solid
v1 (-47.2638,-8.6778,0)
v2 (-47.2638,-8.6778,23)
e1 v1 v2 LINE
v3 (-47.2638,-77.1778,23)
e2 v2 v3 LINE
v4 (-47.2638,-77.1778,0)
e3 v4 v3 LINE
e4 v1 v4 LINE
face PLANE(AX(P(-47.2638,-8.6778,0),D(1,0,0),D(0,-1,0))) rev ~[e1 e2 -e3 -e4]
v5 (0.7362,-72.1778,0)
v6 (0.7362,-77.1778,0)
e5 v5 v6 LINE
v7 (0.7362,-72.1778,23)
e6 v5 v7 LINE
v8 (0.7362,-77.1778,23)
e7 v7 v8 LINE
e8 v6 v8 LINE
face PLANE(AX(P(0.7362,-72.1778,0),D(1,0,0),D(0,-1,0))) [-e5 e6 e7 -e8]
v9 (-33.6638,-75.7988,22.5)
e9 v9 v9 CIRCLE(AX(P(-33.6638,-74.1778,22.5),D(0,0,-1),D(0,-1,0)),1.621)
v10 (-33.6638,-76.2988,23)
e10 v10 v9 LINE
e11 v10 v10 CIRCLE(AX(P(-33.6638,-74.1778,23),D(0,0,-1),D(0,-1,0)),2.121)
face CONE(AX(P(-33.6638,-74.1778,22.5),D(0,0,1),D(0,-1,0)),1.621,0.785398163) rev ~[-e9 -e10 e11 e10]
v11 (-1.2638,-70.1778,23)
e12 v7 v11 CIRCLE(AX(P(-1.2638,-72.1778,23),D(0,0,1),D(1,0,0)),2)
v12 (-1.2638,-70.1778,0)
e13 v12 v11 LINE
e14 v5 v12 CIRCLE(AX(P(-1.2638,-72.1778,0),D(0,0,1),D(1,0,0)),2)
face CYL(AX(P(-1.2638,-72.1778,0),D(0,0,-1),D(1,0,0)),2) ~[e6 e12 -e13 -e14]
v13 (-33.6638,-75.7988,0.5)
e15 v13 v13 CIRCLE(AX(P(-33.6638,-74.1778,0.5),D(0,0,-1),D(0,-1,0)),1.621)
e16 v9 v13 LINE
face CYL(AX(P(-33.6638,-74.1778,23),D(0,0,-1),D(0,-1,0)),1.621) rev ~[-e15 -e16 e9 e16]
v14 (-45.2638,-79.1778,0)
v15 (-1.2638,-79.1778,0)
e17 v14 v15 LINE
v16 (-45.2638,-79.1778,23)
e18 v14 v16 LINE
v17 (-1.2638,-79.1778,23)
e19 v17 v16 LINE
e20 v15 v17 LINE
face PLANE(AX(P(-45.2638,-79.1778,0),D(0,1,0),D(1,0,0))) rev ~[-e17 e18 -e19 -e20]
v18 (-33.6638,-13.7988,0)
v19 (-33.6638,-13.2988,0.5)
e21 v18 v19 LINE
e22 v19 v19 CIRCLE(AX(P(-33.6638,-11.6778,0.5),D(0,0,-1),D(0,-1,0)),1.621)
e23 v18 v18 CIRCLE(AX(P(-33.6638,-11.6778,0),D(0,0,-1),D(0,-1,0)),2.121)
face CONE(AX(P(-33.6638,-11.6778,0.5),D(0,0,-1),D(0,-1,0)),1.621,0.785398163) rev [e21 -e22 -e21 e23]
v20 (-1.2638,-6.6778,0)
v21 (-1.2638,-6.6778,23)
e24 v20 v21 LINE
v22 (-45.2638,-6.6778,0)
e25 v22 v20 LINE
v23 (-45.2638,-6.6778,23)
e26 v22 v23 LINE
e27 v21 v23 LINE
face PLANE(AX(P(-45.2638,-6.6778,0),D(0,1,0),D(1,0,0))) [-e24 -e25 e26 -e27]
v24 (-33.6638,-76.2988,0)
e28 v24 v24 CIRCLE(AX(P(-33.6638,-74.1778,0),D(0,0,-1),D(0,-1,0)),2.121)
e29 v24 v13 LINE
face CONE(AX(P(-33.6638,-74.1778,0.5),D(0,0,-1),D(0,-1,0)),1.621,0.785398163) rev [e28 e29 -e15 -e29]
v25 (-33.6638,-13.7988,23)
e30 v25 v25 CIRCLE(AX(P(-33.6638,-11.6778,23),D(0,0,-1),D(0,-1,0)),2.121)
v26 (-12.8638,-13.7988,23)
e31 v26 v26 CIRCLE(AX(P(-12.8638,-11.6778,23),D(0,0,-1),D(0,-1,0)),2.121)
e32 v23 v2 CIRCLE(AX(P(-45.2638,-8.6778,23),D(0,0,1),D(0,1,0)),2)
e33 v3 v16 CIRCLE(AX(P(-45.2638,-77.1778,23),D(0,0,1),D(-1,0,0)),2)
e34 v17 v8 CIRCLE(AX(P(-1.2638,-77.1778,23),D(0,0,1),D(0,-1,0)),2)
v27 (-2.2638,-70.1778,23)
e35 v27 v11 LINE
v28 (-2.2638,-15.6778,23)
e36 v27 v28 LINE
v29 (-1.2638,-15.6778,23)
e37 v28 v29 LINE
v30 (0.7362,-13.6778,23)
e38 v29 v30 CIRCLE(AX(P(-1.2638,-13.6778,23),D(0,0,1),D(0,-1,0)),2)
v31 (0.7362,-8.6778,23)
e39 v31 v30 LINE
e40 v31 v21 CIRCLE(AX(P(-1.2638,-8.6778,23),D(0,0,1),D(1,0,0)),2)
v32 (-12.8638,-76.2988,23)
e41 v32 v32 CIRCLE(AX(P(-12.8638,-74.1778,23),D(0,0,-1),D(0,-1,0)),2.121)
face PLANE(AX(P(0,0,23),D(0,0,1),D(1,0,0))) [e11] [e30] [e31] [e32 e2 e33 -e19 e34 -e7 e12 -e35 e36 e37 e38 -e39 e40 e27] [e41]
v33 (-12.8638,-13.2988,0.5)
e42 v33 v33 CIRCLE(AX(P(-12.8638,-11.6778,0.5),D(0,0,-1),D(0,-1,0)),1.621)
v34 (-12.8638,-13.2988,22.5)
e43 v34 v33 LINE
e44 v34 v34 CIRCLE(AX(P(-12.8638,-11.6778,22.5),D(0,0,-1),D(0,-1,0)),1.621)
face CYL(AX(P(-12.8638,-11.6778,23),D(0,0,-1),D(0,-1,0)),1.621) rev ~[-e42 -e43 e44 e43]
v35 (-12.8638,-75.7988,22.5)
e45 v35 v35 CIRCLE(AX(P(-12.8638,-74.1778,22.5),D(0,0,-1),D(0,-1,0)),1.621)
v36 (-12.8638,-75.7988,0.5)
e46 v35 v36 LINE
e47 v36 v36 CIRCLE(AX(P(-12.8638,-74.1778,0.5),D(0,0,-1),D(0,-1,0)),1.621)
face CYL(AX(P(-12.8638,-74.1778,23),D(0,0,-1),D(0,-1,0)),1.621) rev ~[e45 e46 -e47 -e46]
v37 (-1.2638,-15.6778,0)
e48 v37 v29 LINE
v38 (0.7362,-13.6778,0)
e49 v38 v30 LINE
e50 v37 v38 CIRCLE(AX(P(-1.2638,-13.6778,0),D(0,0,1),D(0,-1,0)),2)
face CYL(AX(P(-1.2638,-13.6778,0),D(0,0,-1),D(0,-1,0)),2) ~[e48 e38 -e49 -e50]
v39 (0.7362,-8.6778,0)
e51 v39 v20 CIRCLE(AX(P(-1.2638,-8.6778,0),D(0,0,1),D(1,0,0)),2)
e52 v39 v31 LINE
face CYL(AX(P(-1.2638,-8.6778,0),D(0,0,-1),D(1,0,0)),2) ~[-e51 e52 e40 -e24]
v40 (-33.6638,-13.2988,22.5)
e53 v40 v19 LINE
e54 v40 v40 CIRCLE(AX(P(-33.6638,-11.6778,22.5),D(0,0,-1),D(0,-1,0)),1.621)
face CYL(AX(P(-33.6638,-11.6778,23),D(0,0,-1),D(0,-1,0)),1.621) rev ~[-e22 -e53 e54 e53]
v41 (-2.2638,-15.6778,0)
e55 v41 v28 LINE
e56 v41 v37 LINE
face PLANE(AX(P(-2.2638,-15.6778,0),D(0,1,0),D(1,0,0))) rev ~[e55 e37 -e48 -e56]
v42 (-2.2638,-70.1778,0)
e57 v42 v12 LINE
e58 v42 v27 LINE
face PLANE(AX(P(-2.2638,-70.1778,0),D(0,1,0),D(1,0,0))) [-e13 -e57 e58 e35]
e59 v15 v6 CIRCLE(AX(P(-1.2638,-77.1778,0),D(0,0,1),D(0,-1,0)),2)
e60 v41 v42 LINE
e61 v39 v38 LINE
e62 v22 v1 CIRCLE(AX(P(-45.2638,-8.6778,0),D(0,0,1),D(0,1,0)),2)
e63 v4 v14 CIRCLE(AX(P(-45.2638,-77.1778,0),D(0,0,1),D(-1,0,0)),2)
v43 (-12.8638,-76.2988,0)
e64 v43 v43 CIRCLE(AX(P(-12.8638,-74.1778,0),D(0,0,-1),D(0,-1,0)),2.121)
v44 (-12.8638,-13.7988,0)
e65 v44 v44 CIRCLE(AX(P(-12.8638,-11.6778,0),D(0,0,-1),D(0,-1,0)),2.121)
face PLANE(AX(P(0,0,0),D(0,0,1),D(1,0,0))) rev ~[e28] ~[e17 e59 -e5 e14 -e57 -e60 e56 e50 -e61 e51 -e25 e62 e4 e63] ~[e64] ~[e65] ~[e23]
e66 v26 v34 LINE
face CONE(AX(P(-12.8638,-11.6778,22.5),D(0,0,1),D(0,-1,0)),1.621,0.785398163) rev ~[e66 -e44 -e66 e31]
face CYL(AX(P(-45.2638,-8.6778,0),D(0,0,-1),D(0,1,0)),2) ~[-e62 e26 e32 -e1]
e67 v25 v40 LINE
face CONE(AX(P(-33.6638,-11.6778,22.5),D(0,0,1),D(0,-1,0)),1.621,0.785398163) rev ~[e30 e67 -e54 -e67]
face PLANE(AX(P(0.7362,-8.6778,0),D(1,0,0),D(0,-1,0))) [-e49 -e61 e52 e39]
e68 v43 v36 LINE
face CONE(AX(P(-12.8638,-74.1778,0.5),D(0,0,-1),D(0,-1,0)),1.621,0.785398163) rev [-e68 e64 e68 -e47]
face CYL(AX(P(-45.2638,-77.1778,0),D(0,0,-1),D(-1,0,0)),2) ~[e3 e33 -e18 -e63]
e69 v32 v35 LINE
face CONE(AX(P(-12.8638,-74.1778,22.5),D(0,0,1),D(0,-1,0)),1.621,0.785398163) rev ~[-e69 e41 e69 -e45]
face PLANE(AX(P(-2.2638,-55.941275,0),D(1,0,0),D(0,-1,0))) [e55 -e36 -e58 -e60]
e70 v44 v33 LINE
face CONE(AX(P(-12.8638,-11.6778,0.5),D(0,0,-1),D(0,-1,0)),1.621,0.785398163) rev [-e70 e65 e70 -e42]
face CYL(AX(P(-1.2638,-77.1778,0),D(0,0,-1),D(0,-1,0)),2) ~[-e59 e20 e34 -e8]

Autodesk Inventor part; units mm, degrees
ref_plane "YZ Plane" through (0, 0, 0) normal (1, 0, 0) x (0, 1, 0)
ref_plane "XZ Plane" through (0, 0, 0) normal (0, 1, 0) x (-1, 0, 0)
ref_plane "Work Plane1" through (0, 0, 0) normal (0, 0, 1) x (1, 0, 0)
sketch "Sketch1" plane through (0, 0, 0) normal (0, 0, 1) x (1, 0, 0)
  line L0 (-42.2638, -6.6778) -> (-4.2638, -6.6778) projected
  line L1 (-44.2638, -77.1778) -> (-44.2638, -8.6778) projected
  line L2 (-4.2638, -79.1778) -> (-42.2638, -79.1778) projected
  line L3 (-2.2638, -8.6778) -> (-2.2638, -77.1778) projected
  circle A0 centre (-23.2638, -42.9278) radius 12.6 projected
  circle A1 centre (-7.2638, -42.9278) radius 2 projected
  circle A2 centre (-23.2638, -58.9278) radius 2 projected
  circle A3 centre (-11.9501, -54.2415) radius 1.5 projected
  circle A4 centre (-34.5775, -54.2415) radius 1.5 projected
  circle A5 centre (-11.9501, -31.6141) radius 1.5 projected
  circle A6 centre (-23.2638, -26.9278) radius 2 projected
  circle A7 centre (-34.5775, -31.6141) radius 1.5 projected
  circle A8 centre (-39.2638, -42.9278) radius 2 projected
  arc A9 (-38.6638, -72.0778) -> (-38.6638, -76.2778) centre (-38.6638, -74.1778) ccw projected
  line L4 (-7.8638, -72.0778) -> (-38.6638, -72.0778) projected
  arc A10 (-7.8638, -76.2778) -> (-7.8638, -72.0778) centre (-7.8638, -74.1778) ccw projected
  line L5 (-38.6638, -76.2778) -> (-7.8638, -76.2778) projected
  arc A11 (-7.8638, -13.7778) -> (-7.8638, -9.5778) centre (-7.8638, -11.6778) ccw projected
  line L6 (-38.6638, -13.7778) -> (-7.8638, -13.7778) projected
  arc A12 (-38.6638, -9.5778) -> (-38.6638, -13.7778) centre (-38.6638, -11.6778) ccw projected
  line L7 (-7.8638, -9.5778) -> (-38.6638, -9.5778) projected
  line L8 (30.6247, -21.3479) -> (-25.1038, -35.8635) projected
  arc A13 (-25.1038, -35.8635) -> (-25.1038, -49.9921) centre (-23.2638, -42.9278) ccw projected
  line L9 (-25.1038, -49.9921) -> (30.6247, -64.5078) projected
  arc A14 (30.6247, -64.5078) -> (30.6247, -21.3479) centre (36.2457, -42.9278) ccw projected
  arc A15 (-24.9022, -36.6377) -> (-24.9022, -49.2179) centre (-23.2638, -42.9278) ccw projected
  line L10 (30.8264, -22.122) -> (-24.9022, -36.6377) projected
  arc A16 (30.8264, -63.7336) -> (30.8264, -22.122) centre (36.2457, -42.9278) ccw projected
  line L11 (-24.9022, -49.2179) -> (30.8264, -63.7336) projected
  line L12 (-44.2638, -15.6778) -> (-2.2638, -15.6778)
  line L13 (-2.2638, -70.1778) -> (-44.2638, -70.1778)
  line L14 (-35.2638, -68.1778) -> (-35.2638, -17.6778)
  line L15 (-47.2638, -8.6778) -> (-47.2638, -77.1778)
  line L16 (-45.2638, -6.6778) -> (-4.2638, -6.6778)
  line L17 (-45.2638, -79.1778) -> (-4.2638, -79.1778)
  arc A17 (-45.2638, -6.6778) -> (-47.2638, -8.6778) centre (-45.2638, -8.6778) ccw
  arc A18 (-47.2638, -77.1778) -> (-45.2638, -79.1778) centre (-45.2638, -77.1778) ccw
  arc A19 (-33.2638, -15.6778) -> (-35.2638, -17.6778) centre (-33.2638, -17.6778) ccw
  arc A20 (-35.2638, -68.1778) -> (-33.2638, -70.1778) centre (-33.2638, -68.1778) ccw
  line L18 (0.7362, -72.1778) -> (0.7362, -77.1778)
  line L19 (0.7362, -8.6778) -> (0.7362, -13.6778)
  line L20 (-2.2638, -15.6778) -> (-1.2638, -15.6778)
  line L21 (-4.2638, -6.6778) -> (-1.2638, -6.6778)
  line L22 (-2.2638, -70.1778) -> (-1.2638, -70.1778)
  line L23 (-4.2638, -79.1778) -> (-1.2638, -79.1778)
  arc A21 (0.7362, -8.6778) -> (-1.2638, -6.6778) centre (-1.2638, -8.6778) ccw
  arc A22 (-1.2638, -15.6778) -> (0.7362, -13.6778) centre (-1.2638, -13.6778) ccw
  arc A23 (0.7362, -72.1778) -> (-1.2638, -70.1778) centre (-1.2638, -72.1778) ccw
  arc A24 (-1.2638, -79.1778) -> (0.7362, -77.1778) centre (-1.2638, -77.1778) ccw
  line L24 (-44.2638, -70.1778) -> (-44.2638, -15.6778)
  arc A25 (-2.2638, -8.6778) -> (-4.2638, -6.6778) centre (-4.2638, -8.6778) ccw projected
  arc A26 (-42.2638, -6.6778) -> (-44.2638, -8.6778) centre (-42.2638, -8.6778) ccw projected
  arc A27 (-44.2638, -77.1778) -> (-42.2638, -79.1778) centre (-42.2638, -77.1778) ccw projected
  arc A28 (-4.2638, -79.1778) -> (-2.2638, -77.1778) centre (-4.2638, -77.1778) ccw projected
  point P0 (0, 0)
  point P1 (-35.2638, -15.6778)
  point P2 (-35.2638, -70.1778)
  point P3 (-12.8638, -11.6778)
  point P4 (-33.6638, -11.6778)
  point P5 (-33.6638, -74.1778)
  point P6 (-12.8638, -74.1778)
  point P7 (-35.2638, -55.5753)
  point P8 (-35.2638, -52.9077)
  point P9 (-35.2638, -46.7697)
  point P10 (-35.2638, -39.0859)
  point P11 (-35.2638, -32.9479)
  point P12 (-35.2638, -30.2803)
  point P13 (-47.2638, -6.6778)
  point P14 (-47.2638, -79.1778)
  point P15 (0.7362, -70.1778)
  point P16 (0.7362, -79.1778)
  point P17 (0.7362, -6.6778)
  point P18 (0.7362, -15.6778)
  point P19 (-42.2638, -6.6778)
  dimension "d0" = 9
  dimension "d1" = 9
  dimension "d2" = 9
  dimension "d3" = 5
  dimension "d4" = 5
  dimension "d5" = 5
  dimension "d6" = 5
  dimension "d9" = 3
  dimension "d12" = 3
  dimension "d13" = 3
extrude "Extrusion1" add sketch "Sketch1" along normal blind 23 contours A26 L1 A27 L17 A18 L15 A17 L16 | L0 A25 L3 L12 L1 A26 | L21 A21 L19 A22 L20 L3 A25 | L12 A19 L14 A7 A0 A4 A20 L13 L1 | L3 L8 A5 A0 L14 A7 A19 L12 | L13 L3 A28 L2 A27 L1 | L3 L10 A0 L8 A5 | A20 L14 A4 A0 L9 A3 L3 L13 | L3 L11 A0 L10 | L8 A5 | A5 L8 | L22 A23 L18 A24 L23 A28 L3 | L14 A7 | A7 L14 | L3 L9 A3 A0 L11 | L10 A15 L11 A0 L9 A13 L8 | A0 L11 A15 L10 | L14 A4 | A4 L14 | L8 A13 L9 A0 L14 | L9 A3 | A3 L9 | L14 A0 | A1 | A2 | A6 | A8 | L4 A10 L5 A9 | L6 A12 L7 A11
sketch "Sketch2" plane through (0, 0, 23) normal (0, 0, 1) x (1, 0, 0)
  arc A0 (-1.2638, -15.6778) -> (0.7362, -13.6778) centre (-1.2638, -13.6778) ccw projected
  line L0 (0.7362, -13.6778) -> (0.7362, -8.6778) projected
  arc A1 (0.7362, -8.6778) -> (-1.2638, -6.6778) centre (-1.2638, -8.6778) ccw projected
  arc A2 (-45.2638, -6.6778) -> (-47.2638, -8.6778) centre (-45.2638, -8.6778) ccw projected
  line L1 (-47.2638, -8.6778) -> (-47.2638, -77.1778) projected
  arc A3 (-47.2638, -77.1778) -> (-45.2638, -79.1778) centre (-45.2638, -77.1778) ccw projected
  arc A4 (-1.2638, -79.1778) -> (0.7362, -77.1778) centre (-1.2638, -77.1778) ccw projected
  line L2 (0.7362, -77.1778) -> (0.7362, -72.1778) projected
  arc A5 (0.7362, -72.1778) -> (-1.2638, -70.1778) centre (-1.2638, -72.1778) ccw projected
  line L3 (-1.2638, -70.1778) -> (-2.2638, -70.1778) projected
  line L4 (-2.2638, -15.6778) -> (-1.2638, -15.6778) projected
  line L5 (-2.2638, -70.1778) -> (-2.2638, -15.6778) projected
  line L6 (-1.2638, -6.6778) -> (-45.2638, -6.6778) projected
  line L7 (-45.2638, -79.1778) -> (-1.2638, -79.1778) projected
  point P0 (0, 0)
  point P1 (-12.8638, -11.6778)
  point P2 (-33.6638, -11.6778)
  point P3 (-33.6638, -74.1778)
  point P4 (-12.8638, -74.1778)
hole "Hole1" at (-12.8638, -11.6778, 23) at (-33.6638, -11.6778, 23) at (-33.6638, -74.1778, 23) at (-12.8638, -74.1778, 23) direction (0, 0, -1) diameter 3.242 end through all thread size "M4x0.7" class "6H" standard "ISO Metric profile"
chamfer "Chamfer1" distance 0.5 angle 45 8 edges at (-33.6638, -72.5568, 23) (-12.8638, -72.5568, 23) (-33.6638, -10.0568, 23) (-12.8638, -10.0568, 23) (-33.6638, -72.5568, 0) (-12.8638, -72.5568, 0) (-33.6638, -10.0568, 0) (-12.8638, -10.0568, 0)
equation "\"d1\" = d2"
equation "\"d2\" = d0"
equation "\"d4\" = d3"
equation "\"d5\" = d4"
equation "\"d6\" = d5"
equation "\"d12\" = d9"
equation "\"d13\" = d12"
properties part number "hoefijzer"
